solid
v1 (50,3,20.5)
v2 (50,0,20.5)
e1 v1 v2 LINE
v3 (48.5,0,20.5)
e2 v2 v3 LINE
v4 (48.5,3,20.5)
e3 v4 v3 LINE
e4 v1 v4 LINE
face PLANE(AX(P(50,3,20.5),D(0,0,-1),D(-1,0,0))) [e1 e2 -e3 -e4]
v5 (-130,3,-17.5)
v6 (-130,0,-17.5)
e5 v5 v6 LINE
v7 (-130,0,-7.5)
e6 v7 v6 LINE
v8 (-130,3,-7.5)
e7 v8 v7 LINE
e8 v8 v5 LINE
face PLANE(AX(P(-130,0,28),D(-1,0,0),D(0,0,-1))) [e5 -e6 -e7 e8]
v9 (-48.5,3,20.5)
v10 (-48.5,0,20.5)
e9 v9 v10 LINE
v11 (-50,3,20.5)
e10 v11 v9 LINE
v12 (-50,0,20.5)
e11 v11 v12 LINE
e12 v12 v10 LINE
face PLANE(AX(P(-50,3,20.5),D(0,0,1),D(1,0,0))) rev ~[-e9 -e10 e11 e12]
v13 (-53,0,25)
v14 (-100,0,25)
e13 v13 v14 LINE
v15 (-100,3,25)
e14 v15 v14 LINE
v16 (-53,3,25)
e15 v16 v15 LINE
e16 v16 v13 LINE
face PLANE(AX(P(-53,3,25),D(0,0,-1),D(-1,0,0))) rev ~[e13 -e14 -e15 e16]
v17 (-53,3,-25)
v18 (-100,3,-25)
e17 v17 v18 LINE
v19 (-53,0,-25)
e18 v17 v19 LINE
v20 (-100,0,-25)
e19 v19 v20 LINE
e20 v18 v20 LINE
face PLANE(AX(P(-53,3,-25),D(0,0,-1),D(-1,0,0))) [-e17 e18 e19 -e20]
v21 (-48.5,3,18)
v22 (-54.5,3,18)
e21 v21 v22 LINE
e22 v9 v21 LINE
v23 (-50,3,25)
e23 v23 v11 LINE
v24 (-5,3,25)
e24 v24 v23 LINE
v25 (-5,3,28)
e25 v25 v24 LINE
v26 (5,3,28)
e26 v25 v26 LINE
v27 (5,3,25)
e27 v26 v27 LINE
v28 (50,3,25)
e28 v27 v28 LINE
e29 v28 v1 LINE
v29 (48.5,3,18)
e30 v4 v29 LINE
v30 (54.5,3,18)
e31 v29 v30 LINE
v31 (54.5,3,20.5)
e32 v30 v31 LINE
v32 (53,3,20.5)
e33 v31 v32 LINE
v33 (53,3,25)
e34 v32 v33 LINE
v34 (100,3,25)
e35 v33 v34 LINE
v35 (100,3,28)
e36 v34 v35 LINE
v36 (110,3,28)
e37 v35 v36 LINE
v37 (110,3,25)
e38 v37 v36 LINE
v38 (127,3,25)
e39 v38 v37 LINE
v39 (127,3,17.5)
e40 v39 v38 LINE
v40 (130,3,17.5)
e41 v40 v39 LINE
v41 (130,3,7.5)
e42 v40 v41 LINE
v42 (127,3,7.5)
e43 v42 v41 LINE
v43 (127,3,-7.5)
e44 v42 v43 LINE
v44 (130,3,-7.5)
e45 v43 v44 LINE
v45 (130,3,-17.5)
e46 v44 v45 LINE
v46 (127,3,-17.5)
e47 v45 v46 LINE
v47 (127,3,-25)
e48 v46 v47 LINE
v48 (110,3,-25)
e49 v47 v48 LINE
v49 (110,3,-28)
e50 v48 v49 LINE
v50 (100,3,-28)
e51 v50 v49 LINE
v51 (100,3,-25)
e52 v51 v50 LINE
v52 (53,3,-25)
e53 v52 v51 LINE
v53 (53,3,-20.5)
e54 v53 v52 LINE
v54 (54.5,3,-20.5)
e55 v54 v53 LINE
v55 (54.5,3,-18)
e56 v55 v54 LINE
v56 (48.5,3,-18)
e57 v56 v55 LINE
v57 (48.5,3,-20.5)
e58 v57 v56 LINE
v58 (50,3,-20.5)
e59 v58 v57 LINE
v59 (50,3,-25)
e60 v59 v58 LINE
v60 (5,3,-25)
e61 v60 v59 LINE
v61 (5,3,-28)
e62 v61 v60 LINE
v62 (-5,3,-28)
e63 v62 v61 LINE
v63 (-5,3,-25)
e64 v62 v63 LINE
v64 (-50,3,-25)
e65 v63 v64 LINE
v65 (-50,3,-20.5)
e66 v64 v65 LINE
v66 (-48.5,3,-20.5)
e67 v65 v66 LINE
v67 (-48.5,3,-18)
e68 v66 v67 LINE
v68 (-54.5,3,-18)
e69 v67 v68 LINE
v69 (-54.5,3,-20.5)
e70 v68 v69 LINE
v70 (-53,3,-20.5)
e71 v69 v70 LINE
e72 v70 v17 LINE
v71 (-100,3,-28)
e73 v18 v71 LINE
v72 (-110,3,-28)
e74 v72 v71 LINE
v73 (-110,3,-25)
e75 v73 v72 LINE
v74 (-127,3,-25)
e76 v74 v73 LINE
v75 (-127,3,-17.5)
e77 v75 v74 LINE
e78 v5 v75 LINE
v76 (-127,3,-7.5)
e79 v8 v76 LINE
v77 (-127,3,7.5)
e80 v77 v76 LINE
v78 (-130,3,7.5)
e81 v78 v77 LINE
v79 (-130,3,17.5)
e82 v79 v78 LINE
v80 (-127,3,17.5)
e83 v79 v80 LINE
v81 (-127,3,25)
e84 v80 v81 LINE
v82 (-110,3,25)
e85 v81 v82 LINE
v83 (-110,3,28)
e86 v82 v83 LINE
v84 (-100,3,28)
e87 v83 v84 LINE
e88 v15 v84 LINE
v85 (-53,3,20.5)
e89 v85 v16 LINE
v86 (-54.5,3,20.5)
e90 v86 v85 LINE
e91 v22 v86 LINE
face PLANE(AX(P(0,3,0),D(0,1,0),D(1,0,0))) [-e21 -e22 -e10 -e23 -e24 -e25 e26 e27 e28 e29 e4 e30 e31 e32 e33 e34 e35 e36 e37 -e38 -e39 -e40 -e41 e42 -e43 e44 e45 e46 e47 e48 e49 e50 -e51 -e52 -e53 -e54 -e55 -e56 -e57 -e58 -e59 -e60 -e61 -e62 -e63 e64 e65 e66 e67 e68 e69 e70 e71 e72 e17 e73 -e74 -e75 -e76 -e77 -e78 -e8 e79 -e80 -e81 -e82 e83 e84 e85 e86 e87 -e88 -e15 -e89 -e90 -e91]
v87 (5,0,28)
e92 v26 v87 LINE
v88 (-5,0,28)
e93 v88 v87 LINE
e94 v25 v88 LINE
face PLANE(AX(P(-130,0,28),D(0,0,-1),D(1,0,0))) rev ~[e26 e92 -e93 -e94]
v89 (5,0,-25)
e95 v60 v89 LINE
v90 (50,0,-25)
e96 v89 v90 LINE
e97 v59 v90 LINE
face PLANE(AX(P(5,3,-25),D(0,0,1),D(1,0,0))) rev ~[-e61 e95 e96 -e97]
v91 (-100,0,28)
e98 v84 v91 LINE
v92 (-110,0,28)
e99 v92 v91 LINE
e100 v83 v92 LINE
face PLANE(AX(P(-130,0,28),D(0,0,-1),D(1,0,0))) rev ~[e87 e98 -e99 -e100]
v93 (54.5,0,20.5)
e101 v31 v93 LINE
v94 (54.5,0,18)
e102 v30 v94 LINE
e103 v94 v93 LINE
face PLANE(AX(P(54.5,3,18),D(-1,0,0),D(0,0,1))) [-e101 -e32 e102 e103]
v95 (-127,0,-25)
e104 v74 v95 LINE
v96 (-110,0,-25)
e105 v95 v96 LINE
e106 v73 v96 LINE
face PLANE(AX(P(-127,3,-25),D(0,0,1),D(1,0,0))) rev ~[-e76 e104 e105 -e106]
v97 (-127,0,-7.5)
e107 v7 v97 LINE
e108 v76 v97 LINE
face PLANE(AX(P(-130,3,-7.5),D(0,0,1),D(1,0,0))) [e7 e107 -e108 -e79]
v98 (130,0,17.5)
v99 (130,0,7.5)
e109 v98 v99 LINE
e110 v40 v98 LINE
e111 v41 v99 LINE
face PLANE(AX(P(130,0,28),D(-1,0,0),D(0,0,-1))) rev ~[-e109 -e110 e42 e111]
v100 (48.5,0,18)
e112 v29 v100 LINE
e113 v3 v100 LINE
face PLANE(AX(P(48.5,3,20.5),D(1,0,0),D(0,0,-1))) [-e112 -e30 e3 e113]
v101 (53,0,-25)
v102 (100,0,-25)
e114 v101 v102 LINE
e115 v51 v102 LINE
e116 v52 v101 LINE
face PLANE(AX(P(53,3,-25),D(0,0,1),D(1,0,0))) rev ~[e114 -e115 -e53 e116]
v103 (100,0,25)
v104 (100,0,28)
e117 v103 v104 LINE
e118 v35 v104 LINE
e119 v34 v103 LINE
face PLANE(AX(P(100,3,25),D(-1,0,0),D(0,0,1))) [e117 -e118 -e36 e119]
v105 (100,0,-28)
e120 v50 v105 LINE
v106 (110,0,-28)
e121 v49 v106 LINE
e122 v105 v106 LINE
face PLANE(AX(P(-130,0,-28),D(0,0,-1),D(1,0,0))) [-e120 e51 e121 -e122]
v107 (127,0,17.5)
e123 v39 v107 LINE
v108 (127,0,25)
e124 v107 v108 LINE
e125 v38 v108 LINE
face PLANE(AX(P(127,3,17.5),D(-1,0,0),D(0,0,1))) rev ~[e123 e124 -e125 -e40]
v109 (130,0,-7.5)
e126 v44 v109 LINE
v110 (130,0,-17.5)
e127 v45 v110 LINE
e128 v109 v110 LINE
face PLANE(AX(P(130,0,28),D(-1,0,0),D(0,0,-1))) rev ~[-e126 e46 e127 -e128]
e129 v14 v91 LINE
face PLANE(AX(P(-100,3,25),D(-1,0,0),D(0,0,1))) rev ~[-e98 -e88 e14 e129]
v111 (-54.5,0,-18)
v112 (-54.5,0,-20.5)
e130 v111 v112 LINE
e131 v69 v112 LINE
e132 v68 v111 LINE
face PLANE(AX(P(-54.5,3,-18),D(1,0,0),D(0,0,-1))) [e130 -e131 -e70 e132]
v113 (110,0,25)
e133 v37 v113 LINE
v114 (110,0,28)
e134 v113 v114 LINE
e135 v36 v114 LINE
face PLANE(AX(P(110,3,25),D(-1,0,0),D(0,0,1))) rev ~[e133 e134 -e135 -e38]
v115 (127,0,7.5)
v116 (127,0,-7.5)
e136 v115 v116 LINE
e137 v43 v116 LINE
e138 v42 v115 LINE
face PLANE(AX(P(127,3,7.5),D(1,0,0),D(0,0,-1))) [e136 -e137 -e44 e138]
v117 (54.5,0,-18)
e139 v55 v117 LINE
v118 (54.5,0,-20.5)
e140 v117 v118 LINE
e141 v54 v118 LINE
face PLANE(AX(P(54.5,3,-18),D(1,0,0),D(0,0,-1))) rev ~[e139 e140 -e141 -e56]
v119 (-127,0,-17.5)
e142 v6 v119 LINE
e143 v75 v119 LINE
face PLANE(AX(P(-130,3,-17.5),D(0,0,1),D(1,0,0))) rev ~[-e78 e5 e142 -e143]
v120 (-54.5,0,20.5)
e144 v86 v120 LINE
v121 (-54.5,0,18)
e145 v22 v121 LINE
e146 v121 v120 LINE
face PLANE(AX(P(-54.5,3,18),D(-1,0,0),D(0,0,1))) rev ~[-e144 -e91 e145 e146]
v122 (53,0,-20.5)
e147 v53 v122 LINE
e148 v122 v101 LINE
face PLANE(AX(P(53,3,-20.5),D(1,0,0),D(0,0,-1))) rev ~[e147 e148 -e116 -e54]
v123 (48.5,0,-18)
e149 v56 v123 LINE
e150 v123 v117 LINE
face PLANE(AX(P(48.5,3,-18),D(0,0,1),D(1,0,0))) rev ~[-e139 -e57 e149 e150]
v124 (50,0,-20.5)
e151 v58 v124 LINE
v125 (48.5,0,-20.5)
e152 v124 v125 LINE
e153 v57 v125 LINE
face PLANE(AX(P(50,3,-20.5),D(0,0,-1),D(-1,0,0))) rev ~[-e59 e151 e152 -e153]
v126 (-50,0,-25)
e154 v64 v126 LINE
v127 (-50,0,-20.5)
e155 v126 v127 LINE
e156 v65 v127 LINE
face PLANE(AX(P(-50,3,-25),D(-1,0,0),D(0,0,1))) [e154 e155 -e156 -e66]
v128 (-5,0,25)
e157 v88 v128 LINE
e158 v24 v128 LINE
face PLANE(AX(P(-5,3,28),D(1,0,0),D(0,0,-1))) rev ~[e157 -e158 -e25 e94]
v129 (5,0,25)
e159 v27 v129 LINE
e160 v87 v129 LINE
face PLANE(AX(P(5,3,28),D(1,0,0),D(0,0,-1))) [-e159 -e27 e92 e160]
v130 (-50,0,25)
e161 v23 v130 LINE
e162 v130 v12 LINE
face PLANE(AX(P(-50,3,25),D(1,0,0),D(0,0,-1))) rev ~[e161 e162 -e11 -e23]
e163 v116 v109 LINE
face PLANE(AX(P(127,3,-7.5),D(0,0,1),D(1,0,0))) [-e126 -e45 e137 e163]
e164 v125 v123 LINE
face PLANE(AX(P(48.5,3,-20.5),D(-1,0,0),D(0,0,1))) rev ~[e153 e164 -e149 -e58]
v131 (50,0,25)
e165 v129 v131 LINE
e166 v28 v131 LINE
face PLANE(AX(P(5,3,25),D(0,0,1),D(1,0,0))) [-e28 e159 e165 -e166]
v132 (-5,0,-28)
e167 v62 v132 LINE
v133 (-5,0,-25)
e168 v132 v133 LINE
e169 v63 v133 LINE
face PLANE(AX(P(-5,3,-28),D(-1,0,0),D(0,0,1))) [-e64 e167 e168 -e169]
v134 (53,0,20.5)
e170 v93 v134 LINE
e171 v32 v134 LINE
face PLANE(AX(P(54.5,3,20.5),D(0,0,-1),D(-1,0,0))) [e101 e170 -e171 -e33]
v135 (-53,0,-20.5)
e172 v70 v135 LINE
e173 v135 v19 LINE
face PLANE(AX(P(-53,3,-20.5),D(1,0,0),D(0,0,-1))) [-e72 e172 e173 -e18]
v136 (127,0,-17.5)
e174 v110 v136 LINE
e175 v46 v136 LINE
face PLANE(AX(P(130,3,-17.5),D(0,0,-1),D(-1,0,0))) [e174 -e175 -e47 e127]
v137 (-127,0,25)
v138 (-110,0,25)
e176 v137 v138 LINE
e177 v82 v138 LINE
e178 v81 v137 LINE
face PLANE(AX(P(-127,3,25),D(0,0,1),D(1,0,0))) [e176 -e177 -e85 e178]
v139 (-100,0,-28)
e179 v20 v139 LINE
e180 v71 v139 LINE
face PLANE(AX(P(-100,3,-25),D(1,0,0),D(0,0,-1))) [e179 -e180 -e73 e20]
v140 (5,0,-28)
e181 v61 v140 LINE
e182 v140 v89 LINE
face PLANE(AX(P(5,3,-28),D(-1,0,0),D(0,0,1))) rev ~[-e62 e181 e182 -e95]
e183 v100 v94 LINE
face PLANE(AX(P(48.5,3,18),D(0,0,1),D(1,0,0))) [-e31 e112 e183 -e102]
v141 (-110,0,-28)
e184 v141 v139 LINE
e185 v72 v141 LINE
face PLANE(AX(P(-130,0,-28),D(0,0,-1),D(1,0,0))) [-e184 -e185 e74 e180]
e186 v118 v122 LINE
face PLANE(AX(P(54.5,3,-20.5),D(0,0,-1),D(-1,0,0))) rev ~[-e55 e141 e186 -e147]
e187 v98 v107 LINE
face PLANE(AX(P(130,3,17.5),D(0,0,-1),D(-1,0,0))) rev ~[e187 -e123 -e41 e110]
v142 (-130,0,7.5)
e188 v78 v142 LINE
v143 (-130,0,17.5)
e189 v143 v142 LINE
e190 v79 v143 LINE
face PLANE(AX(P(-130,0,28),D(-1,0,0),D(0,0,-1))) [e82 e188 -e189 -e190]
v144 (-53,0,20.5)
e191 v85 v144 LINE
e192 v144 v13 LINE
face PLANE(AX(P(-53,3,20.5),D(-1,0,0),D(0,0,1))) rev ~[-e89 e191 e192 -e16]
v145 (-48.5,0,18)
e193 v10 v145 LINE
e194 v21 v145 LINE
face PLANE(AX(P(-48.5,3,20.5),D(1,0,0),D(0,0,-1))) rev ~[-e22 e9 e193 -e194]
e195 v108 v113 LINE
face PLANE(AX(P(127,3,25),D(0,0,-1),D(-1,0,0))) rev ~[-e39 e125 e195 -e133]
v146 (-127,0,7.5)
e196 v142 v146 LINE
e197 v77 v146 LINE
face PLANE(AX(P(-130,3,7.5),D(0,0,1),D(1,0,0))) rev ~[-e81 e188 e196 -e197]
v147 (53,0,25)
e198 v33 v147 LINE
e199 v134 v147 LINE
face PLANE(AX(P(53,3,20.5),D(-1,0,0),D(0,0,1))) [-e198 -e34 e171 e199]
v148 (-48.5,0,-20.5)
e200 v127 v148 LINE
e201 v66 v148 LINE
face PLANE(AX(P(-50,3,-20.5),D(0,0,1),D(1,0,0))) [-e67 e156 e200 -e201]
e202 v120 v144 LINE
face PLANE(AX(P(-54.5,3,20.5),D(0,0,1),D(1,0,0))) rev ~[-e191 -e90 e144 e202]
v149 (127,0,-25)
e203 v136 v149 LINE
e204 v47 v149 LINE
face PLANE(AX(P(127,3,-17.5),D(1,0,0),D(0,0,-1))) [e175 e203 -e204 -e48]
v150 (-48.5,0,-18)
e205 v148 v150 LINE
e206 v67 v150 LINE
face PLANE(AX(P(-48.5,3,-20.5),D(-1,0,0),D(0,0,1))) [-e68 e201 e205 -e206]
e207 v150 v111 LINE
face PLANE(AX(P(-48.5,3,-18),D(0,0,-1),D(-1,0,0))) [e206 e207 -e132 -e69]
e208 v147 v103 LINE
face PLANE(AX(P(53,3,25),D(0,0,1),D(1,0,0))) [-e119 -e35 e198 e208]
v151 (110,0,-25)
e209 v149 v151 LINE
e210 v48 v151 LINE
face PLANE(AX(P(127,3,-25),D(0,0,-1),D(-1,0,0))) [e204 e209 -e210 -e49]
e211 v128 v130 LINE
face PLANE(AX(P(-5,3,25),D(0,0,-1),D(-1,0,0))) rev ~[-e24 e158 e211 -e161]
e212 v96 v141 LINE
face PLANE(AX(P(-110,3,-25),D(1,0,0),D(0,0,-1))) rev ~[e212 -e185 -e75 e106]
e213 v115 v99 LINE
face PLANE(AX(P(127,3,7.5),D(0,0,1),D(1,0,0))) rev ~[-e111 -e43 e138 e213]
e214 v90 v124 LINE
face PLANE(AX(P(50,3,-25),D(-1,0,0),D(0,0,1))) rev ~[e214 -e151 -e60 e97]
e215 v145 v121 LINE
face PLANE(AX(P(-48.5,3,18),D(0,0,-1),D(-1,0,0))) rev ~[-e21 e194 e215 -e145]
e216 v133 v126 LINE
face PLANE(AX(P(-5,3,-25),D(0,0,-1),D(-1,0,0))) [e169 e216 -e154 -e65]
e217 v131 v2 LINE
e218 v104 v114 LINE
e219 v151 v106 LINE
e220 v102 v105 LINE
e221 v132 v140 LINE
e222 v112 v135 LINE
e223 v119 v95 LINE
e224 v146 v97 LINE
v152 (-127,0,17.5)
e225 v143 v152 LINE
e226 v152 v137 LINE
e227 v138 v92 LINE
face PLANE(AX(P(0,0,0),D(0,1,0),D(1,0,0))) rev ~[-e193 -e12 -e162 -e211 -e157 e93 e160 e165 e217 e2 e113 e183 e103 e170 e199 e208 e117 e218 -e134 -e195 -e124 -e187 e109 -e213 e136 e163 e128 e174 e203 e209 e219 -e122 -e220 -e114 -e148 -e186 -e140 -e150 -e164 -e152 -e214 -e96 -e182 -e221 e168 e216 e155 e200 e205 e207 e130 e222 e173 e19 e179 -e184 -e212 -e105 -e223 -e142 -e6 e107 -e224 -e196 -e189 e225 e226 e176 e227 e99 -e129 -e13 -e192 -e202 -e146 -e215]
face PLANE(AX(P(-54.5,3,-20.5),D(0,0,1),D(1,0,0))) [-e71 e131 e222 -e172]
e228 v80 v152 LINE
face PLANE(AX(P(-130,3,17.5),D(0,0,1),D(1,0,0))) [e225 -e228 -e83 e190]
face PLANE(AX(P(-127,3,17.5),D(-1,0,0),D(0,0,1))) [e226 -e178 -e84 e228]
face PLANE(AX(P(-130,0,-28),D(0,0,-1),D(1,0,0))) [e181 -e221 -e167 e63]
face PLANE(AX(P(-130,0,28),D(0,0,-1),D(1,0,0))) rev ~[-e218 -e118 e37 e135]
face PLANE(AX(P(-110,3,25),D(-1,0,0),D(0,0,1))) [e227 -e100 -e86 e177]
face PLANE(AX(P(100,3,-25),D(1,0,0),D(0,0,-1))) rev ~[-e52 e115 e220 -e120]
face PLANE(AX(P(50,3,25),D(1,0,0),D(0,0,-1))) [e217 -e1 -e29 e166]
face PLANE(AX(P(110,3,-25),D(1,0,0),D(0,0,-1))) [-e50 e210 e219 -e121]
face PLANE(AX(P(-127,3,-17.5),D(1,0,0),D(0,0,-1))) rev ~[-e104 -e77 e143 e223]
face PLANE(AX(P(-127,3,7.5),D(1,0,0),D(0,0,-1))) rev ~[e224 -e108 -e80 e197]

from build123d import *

# Parameters (mm, degrees)
SKETCH2_W           = 260
SKETCH2_H           = 56
BOSS_EXTRUDE1_DEPTH = 3
SKETCH4_W           = 3
SKETCH4_H           = 15
CUT_EXTRUDE1_DEPTH  = 134.015036744


with BuildPart() as part:
    # Sketch2 → Boss-Extrude1 (new body)
    with BuildSketch(Plane(origin=(0, 0, 0), x_dir=(1, 0, 0), z_dir=(0, 1, 0))):
        Rectangle(SKETCH2_W, SKETCH2_H)
    extrude(amount=BOSS_EXTRUDE1_DEPTH)

    # Sketch4 → Cut-Extrude1 (cut, through all)
    with BuildSketch(Plane(origin=(0, 3, 0), x_dir=(1, 0, 0), z_dir=(0, 1, 0))):
        with Locations((-128.5, 0)):
            Rectangle(SKETCH4_W, SKETCH4_H)
        Polygon((-50, 25), (-50, 20.5), (-48.5, 20.5), (-48.5, 18), (-54.5, 18), (-54.5, 20.5), (-53, 20.5), (-53, 25), (-100, 25), (-100, 28), (-5, 28), (-5, 25), align=None)
        Polygon((-130, 28), (-130, 17.5), (-127, 17.5), (-127, 25), (-110, 25), (-110, 28), align=None)
        Polygon((110, 28), (130, 28), (130, 17.5), (127, 17.5), (127, 25), (110, 25), align=None)
        Polygon((5, 28), (5, 25), (50, 25), (50, 20.5), (48.5, 20.5), (48.5, 18), (54.5, 18), (54.5, 20.5), (53, 20.5), (53, 25), (100, 25), (100, 28), align=None)
        with Locations((128.5, 0)):
            Rectangle(SKETCH4_W, SKETCH4_H)
        Polygon((50, -25), (50, -20.5), (48.5, -20.5), (48.5, -18), (54.5, -18), (54.5, -20.5), (53, -20.5), (53, -25), (100, -25), (100, -28), (5, -28), (5, -25), align=None)
        Polygon((130, -28), (130, -17.5), (127, -17.5), (127, -25), (110, -25), (110, -28), align=None)
        Polygon((-110, -28), (-130, -28), (-130, -17.5), (-127, -17.5), (-127, -25), (-110, -25), align=None)
        Polygon((-5, -28), (-5, -25), (-50, -25), (-50, -20.5), (-48.5, -20.5), (-48.5, -18), (-54.5, -18), (-54.5, -20.5), (-53, -20.5), (-53, -25), (-100, -25), (-100, -28), align=None)
    extrude(amount=-CUT_EXTRUDE1_DEPTH, mode=Mode.SUBTRACT)


solid = part.part
